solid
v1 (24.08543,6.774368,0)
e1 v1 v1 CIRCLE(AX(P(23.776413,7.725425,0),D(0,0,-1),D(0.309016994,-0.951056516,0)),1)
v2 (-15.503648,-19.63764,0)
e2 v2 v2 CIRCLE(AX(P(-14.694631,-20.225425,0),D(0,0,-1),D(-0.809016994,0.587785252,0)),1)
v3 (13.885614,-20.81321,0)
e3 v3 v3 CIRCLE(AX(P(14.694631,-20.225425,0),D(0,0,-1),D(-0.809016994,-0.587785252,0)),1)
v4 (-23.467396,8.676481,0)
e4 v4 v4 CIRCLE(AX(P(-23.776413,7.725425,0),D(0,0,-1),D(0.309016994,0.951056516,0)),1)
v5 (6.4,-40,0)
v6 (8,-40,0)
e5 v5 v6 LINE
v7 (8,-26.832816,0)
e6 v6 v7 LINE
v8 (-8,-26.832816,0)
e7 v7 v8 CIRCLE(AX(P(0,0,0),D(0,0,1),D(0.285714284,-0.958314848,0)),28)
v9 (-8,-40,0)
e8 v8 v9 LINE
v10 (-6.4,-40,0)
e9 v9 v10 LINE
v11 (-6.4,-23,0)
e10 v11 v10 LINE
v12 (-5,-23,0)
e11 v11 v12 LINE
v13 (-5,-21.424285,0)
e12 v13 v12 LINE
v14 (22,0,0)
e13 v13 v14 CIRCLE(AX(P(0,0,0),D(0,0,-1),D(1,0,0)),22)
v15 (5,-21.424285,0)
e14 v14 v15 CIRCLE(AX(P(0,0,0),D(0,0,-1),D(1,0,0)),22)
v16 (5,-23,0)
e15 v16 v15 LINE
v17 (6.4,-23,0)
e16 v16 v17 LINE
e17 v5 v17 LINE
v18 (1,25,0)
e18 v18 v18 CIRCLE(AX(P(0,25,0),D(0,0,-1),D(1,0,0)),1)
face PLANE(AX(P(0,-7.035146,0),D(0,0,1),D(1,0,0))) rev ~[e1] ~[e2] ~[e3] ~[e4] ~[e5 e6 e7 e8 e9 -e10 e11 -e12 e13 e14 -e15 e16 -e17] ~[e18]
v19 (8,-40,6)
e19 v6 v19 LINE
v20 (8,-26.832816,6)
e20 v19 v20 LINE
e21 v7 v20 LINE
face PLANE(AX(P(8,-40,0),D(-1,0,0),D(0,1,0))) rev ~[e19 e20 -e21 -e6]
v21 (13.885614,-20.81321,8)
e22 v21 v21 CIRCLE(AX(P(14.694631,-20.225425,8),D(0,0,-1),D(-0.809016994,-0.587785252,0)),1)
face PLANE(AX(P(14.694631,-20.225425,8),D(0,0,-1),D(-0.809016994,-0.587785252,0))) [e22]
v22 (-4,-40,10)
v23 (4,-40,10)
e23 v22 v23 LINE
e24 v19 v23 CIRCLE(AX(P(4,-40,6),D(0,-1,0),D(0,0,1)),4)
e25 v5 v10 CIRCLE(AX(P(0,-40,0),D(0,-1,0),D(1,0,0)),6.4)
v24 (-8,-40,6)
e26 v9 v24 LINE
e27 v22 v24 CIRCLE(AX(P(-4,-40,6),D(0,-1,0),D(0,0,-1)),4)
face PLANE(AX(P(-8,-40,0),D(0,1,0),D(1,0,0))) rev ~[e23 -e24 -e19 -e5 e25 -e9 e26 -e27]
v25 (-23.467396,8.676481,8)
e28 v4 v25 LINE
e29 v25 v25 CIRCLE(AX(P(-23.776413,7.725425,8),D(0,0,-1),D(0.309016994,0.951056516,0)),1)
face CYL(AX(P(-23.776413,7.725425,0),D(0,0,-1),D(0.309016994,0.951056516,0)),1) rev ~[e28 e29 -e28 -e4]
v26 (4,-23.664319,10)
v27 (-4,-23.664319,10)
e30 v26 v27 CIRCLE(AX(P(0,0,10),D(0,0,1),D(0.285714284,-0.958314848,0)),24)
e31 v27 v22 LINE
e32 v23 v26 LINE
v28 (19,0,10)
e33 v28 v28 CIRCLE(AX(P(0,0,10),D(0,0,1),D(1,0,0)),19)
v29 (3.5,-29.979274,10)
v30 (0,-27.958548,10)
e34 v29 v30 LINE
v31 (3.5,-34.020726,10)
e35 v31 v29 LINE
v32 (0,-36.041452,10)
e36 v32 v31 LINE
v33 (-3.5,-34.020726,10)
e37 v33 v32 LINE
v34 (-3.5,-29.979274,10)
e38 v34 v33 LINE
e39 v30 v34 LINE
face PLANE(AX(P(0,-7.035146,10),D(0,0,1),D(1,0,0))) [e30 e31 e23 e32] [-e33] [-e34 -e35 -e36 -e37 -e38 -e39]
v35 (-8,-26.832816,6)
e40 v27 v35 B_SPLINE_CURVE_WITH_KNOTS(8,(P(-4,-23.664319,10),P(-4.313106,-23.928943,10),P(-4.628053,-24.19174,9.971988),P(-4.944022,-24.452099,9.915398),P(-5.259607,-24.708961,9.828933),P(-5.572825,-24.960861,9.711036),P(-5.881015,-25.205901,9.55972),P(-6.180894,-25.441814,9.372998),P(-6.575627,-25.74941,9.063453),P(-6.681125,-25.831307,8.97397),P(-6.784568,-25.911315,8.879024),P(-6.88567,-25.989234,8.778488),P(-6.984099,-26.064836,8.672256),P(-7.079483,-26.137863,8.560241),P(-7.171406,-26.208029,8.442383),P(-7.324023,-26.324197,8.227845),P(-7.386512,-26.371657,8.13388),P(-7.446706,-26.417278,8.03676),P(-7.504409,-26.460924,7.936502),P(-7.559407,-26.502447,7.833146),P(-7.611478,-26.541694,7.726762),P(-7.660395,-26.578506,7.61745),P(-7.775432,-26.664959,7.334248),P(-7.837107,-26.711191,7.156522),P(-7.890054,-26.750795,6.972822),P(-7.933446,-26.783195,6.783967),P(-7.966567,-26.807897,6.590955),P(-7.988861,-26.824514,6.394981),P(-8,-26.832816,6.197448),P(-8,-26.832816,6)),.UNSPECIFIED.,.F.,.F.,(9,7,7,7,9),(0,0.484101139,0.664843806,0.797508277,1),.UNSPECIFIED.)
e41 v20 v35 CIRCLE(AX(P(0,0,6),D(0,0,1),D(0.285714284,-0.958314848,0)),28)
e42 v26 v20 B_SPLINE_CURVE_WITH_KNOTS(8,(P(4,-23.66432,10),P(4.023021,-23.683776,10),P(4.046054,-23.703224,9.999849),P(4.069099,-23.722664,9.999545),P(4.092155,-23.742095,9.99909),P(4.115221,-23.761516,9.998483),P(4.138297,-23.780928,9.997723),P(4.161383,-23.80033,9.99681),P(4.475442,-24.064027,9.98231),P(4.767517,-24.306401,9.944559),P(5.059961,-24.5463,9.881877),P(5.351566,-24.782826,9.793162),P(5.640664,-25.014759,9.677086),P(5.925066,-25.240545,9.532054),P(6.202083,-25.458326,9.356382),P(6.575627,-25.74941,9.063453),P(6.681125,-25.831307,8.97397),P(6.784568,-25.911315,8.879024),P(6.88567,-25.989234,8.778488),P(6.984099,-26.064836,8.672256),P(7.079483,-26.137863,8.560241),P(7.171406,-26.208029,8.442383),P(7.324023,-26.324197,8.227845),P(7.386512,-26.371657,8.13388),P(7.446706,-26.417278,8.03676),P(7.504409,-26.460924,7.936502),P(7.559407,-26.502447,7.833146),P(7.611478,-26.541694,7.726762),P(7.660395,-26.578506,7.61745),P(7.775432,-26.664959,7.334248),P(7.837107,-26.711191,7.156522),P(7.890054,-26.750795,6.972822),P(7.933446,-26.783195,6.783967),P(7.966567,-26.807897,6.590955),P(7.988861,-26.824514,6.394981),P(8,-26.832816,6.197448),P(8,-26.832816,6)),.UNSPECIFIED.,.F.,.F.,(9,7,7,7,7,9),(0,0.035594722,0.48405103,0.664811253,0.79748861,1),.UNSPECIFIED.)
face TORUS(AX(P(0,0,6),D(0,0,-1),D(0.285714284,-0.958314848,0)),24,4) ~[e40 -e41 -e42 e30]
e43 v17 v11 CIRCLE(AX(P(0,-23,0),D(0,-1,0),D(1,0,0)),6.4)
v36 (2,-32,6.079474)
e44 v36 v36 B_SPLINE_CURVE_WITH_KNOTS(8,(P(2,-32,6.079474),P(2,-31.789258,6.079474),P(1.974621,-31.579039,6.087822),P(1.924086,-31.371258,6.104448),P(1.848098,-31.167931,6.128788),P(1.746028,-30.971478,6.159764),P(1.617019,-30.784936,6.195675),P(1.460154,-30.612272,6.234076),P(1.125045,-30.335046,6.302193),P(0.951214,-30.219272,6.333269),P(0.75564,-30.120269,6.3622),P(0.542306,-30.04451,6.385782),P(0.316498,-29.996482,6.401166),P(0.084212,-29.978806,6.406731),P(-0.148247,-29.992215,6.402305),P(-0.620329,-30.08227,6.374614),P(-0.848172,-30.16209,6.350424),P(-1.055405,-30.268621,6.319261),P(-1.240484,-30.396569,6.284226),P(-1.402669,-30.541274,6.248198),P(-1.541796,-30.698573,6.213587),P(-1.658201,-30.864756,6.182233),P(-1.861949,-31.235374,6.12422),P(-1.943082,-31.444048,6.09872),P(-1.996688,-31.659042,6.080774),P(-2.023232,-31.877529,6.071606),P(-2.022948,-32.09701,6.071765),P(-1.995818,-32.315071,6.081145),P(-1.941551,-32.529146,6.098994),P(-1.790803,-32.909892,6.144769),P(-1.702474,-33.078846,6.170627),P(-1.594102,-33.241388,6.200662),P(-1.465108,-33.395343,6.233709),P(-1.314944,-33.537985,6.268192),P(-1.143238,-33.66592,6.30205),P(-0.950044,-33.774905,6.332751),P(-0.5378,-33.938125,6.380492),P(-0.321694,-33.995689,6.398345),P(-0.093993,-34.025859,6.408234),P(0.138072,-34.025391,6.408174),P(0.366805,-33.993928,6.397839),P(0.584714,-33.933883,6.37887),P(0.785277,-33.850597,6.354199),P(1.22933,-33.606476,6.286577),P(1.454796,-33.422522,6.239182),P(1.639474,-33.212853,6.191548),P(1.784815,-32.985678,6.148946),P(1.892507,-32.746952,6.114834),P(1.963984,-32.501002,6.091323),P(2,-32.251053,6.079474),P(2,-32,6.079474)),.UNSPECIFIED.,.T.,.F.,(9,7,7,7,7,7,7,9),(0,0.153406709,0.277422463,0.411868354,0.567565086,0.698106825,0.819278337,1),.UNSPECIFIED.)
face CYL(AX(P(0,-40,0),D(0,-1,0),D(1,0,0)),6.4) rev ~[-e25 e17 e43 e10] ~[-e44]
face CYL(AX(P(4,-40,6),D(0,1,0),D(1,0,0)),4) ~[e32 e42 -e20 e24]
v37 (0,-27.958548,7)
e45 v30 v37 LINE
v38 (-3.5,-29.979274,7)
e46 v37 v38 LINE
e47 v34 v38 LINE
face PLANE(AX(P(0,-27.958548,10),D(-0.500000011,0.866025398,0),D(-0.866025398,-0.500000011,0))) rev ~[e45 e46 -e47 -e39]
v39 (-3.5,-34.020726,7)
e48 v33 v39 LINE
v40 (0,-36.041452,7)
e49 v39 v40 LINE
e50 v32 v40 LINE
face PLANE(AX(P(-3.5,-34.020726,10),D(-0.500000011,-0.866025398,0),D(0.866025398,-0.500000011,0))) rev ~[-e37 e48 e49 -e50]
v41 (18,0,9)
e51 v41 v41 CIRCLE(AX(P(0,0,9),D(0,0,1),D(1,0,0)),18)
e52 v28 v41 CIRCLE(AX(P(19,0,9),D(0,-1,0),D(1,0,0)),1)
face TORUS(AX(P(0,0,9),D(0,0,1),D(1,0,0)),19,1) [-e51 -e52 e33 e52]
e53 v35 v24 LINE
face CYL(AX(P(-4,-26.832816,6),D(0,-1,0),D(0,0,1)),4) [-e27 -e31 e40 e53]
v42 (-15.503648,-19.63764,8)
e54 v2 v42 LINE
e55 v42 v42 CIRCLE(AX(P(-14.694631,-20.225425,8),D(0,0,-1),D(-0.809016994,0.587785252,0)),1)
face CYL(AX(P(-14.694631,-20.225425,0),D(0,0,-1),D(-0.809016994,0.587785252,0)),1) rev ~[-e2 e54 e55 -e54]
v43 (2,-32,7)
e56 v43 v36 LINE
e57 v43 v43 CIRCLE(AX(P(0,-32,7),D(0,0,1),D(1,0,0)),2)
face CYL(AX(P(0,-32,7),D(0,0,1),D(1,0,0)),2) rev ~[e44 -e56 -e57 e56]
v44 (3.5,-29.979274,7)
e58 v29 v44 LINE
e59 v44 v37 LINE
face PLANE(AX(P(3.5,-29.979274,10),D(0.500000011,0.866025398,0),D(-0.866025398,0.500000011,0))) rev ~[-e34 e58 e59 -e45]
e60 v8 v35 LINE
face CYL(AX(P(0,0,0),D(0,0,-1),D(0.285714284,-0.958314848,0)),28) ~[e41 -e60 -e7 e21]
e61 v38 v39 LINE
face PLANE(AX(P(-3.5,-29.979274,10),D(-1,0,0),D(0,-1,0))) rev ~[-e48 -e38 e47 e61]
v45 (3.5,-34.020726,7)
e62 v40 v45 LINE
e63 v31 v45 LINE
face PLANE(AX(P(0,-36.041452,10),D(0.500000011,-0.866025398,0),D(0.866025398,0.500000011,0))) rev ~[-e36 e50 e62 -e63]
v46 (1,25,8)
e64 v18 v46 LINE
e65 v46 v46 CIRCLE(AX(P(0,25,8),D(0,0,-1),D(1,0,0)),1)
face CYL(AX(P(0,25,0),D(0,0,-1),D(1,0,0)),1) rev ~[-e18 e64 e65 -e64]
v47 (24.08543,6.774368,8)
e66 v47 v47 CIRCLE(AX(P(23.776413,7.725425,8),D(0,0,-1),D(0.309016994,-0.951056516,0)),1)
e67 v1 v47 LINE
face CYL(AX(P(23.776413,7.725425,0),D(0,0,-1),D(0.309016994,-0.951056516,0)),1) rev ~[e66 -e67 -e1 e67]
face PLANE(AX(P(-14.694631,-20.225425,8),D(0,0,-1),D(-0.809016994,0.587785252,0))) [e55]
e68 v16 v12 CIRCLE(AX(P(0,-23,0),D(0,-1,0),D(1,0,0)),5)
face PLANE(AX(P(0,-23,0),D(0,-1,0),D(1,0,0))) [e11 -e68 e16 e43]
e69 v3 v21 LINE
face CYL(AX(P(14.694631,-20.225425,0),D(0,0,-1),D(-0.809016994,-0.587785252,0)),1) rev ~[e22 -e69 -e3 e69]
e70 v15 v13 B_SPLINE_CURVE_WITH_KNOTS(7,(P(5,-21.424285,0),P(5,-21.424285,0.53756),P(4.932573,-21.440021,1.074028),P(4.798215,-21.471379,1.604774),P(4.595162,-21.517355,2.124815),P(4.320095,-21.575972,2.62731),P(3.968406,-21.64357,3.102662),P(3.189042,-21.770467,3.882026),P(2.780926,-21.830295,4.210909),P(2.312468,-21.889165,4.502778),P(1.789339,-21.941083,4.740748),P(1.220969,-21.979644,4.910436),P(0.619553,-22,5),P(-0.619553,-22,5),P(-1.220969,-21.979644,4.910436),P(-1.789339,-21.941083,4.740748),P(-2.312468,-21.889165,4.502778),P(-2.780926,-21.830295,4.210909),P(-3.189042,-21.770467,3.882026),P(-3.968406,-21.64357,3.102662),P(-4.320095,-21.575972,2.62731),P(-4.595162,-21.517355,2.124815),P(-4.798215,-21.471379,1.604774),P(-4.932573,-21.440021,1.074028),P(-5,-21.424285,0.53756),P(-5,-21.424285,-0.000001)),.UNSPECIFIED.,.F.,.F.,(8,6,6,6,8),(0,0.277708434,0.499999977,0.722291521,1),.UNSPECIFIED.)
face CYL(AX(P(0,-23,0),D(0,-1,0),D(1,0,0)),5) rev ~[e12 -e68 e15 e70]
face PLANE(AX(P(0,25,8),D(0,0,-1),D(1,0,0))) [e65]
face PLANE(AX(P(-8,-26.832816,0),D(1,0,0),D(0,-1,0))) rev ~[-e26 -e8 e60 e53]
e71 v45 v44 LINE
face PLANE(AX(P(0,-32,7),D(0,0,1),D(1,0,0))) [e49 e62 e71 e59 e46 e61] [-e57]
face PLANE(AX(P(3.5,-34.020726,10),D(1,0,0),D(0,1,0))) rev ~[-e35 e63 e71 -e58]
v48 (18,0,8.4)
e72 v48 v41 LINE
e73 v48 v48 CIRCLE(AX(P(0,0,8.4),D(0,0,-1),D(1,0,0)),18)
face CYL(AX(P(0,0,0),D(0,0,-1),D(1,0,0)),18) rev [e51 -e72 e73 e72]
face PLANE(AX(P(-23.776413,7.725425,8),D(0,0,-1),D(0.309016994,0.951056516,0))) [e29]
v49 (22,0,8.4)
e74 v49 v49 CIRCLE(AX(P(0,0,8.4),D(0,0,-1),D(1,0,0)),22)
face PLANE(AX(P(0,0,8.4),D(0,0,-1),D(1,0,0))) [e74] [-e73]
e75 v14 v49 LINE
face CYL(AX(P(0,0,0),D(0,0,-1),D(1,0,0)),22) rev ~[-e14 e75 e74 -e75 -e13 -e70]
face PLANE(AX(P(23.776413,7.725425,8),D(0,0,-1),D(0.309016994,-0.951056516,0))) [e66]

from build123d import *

# Parameters (mm, degrees)
SKETCH_R           = 18
PAD_DEPTH          = 10
SKETCH001_R        = 22
POCKET_DEPTH       = 8.4
SKETCH002_R        = 6.4
POCKET001_DEPTH    = 17
SKETCH003_R        = 5
POCKET002_DEPTH    = 5
SKETCH004_R        = 1
POCKET003_DEPTH    = 8
POLARPATTERN_COUNT = 5
POCKET004_DEPTH    = 3
SKETCH006_R        = 2
POCKET005_DEPTH    = 5
FILLET_R           = 4
FILLET001_R        = 1


with BuildPart() as part:
    # Sketch → Pad (new body)
    with BuildSketch(Plane.XY):
        with BuildLine():
            Line((-8, -40), (8, -40))
            Line((8, -40), (8, -26.832816))
            ThreePointArc((8, -26.832816), (0, 28), (-8, -26.832816))
            Line((-8, -26.832816), (-8, -40))
        make_face()
        Circle(SKETCH_R, mode=Mode.SUBTRACT)
    extrude(amount=PAD_DEPTH)

    # Sketch001 (on Face6 of Pad) → Pocket (cut)
    with BuildSketch(Plane(origin=(0, 0, 0), x_dir=(1, 0, 0), z_dir=(0, 0, -1))):
        Circle(SKETCH001_R)
    extrude(amount=-POCKET_DEPTH, mode=Mode.SUBTRACT)

    # Sketch002 (on Face1 of Pocket) → Pocket001 (cut)
    with BuildSketch(Plane.XZ.offset(40)):
        Circle(SKETCH002_R)
    extrude(amount=-POCKET001_DEPTH, mode=Mode.SUBTRACT)

    # Sketch003 (on Face7 of Pocket001) → Pocket002 (cut)
    with BuildSketch(Plane.XZ.offset(23)):
        Circle(SKETCH003_R)
    extrude(amount=-POCKET002_DEPTH, mode=Mode.SUBTRACT)

    # Sketch004 (on Face2 of Pocket002) → Pocket003 (cut)
    with BuildSketch(Plane(origin=(0, 0, 0), x_dir=(1, 0, 0), z_dir=(0, 0, -1))):
        with Locations((0, -25)):
            Circle(SKETCH004_R)
    pocket003 = extrude(amount=-POCKET003_DEPTH, mode=Mode.SUBTRACT)

    # PolarPattern: Pocket003 ×5 about axis
    polarpattern_axis = Axis((0, 0, 0), (0, 0, -1))
    for i in range(1, POLARPATTERN_COUNT):
        add(pocket003.rotate(polarpattern_axis, i * 360 / POLARPATTERN_COUNT), mode=Mode.SUBTRACT)

    # Sketch005 → Pocket004 (cut)
    with BuildSketch(Plane.XY.offset(10)):
        Polygon((0, -36.041452), (3.5, -34.020726), (3.5, -29.979274), (0, -27.958548), (-3.5, -29.979274), (-3.5, -34.020726), align=None)
    extrude(amount=-POCKET004_DEPTH, mode=Mode.SUBTRACT)

    # Sketch006 (on Face29 of Pocket004) → Pocket005 (cut)
    with BuildSketch(Plane.XY.offset(7)):
        with Locations((0, -32)):
            Circle(SKETCH006_R)
    extrude(amount=-POCKET005_DEPTH, mode=Mode.SUBTRACT)

    # Fillet
    fillet_edges = [part.edges().sort_by_distance(p)[0] for p in [
        (0, 28, 10),
        (8, -33.416408, 10),
        (-8, -33.416408, 10),
    ]]
    fillet(fillet_edges, radius=FILLET_R)

    # Fillet001
    fillet001_edges = [part.edges().sort_by_distance(p)[0] for p in [
        (-18, 0, 10),
    ]]
    fillet(fillet001_edges, radius=FILLET001_R)


solid = part.part
